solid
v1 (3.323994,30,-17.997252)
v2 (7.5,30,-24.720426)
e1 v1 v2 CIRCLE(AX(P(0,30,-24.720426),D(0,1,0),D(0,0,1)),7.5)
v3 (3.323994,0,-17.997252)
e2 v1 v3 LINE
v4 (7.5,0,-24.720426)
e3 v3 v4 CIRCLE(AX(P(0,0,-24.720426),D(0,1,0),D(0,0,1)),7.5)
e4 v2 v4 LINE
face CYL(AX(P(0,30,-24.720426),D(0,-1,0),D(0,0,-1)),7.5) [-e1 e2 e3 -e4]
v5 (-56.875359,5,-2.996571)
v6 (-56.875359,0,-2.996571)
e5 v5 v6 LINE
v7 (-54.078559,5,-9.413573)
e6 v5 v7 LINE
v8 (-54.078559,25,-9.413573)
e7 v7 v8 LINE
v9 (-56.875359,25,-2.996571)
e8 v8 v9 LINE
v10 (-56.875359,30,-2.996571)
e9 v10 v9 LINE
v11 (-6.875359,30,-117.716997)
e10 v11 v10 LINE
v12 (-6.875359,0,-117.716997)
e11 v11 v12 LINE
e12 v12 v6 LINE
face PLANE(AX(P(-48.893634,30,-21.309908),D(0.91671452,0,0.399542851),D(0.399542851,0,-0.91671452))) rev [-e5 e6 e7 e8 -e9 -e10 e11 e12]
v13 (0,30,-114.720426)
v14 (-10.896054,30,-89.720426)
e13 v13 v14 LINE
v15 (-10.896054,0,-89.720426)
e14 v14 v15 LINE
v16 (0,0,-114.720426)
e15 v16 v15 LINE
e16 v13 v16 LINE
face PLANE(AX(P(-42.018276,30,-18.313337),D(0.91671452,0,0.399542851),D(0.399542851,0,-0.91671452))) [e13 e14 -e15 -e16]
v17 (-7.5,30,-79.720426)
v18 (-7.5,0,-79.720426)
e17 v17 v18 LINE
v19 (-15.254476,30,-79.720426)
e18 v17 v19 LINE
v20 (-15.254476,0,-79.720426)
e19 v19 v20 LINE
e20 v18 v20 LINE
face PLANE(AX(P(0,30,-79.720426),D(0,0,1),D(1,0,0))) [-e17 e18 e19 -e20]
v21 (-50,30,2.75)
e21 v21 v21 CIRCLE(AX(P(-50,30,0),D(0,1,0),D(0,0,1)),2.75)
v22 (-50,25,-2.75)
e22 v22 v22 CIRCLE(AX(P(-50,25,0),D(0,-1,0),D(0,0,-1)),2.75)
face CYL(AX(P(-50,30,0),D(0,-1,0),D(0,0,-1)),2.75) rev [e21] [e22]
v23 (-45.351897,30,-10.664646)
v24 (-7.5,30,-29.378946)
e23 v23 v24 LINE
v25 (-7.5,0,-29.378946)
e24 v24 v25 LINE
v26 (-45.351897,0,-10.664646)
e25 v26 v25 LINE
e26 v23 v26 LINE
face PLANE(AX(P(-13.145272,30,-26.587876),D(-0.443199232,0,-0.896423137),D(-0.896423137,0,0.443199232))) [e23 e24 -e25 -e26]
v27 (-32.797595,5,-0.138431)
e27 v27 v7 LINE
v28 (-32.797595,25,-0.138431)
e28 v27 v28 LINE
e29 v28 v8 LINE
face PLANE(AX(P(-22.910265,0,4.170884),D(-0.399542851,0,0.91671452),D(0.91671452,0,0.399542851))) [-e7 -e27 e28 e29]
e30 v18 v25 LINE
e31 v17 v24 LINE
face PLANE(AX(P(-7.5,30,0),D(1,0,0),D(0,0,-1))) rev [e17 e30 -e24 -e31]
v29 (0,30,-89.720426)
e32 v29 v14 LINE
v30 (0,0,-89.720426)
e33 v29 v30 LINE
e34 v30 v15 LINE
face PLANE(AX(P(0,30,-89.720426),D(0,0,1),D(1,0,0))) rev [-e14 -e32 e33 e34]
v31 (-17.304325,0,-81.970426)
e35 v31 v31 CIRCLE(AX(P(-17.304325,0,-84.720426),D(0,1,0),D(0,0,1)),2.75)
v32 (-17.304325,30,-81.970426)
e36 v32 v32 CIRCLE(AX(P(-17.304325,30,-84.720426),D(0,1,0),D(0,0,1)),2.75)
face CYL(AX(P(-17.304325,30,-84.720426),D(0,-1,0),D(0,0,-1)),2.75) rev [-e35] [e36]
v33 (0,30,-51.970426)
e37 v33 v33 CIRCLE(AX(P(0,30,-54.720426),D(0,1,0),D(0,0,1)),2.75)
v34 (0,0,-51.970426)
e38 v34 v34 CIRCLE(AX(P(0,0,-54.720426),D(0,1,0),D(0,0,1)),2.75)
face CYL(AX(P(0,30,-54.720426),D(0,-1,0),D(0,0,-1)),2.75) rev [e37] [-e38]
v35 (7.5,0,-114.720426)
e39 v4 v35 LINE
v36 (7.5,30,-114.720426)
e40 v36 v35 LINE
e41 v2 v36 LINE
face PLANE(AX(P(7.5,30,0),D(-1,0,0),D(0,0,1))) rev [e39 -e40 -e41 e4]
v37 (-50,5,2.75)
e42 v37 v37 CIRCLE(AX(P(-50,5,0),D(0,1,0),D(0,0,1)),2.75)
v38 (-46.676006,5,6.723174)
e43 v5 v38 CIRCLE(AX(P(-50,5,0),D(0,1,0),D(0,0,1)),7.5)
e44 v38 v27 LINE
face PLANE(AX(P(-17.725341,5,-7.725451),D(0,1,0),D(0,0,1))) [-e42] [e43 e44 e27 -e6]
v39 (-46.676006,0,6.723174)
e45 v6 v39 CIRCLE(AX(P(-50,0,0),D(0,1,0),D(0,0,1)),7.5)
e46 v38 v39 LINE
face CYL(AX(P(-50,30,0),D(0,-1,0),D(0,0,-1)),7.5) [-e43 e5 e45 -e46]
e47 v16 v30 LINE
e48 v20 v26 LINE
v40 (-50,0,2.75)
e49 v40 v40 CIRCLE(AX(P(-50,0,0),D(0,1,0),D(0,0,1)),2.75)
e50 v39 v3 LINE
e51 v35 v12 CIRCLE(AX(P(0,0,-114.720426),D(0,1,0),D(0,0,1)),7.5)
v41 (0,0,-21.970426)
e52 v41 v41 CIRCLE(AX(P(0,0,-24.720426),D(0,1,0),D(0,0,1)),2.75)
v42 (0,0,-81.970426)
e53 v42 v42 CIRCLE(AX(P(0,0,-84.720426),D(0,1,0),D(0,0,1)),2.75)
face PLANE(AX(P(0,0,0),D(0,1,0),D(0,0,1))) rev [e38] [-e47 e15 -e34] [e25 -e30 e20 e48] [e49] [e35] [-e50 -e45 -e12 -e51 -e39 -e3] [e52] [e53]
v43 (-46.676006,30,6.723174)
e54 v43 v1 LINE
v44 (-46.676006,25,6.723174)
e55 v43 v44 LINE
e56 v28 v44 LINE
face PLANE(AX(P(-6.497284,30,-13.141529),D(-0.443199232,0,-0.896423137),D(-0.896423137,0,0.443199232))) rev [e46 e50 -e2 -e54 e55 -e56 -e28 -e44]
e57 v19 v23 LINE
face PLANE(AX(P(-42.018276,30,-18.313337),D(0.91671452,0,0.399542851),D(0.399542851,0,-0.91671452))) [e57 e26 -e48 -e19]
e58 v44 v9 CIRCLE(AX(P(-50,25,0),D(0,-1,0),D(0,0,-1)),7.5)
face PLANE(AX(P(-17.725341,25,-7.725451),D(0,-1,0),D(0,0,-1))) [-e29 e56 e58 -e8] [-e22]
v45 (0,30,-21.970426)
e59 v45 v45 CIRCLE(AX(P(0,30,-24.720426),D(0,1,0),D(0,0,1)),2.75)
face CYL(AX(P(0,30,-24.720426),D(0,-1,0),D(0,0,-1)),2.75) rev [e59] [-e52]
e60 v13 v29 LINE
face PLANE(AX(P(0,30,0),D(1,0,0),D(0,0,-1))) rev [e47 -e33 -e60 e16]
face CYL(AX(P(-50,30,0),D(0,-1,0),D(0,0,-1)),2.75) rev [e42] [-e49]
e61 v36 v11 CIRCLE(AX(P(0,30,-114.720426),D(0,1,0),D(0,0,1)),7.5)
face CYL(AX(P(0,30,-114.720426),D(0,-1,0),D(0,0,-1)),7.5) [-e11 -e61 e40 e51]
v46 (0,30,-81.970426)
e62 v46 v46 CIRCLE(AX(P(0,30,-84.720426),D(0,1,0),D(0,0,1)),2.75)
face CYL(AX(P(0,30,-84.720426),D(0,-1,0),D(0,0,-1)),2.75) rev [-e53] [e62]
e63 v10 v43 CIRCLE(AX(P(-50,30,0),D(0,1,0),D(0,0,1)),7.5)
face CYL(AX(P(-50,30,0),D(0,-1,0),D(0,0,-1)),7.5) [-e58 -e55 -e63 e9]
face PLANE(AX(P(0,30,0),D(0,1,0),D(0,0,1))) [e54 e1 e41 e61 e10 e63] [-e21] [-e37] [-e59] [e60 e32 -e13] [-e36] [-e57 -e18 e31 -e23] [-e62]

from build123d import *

# Parameters (mm, degrees)
SKETCH1_R           = 2.75
BOSS_EXTRUDE1_DEPTH = 30
SKETCH4_W           = 7
SKETCH4_H           = 20
SKETCH4_W_2         = 13.969977059
CUT_EXTRUDE2_DEPTH  = 34


with BuildPart() as part:
    # Sketch1 → Boss-Extrude1 (new body)
    with BuildSketch(Plane(origin=(0, 0, 0), x_dir=(1, 0, 0), z_dir=(0, 1, 0))):
        with BuildLine():
            Line((-46.676005757, -6.723173527), (3.323994243, 17.99725225))
            ThreePointArc((3.323994243, 17.99725225), (6.37102648, 20.763151262), (7.5, 24.720425777))
            Line((7.5, 24.720425777), (7.5, 114.720425777))
            ThreePointArc((7.5, 114.720425777), (1.53049147, 122.062605008), (-6.875358896, 117.716997159))
            Line((-6.875358896, 117.716997159), (-56.875358896, 2.996571382))
            ThreePointArc((-56.875358896, 2.996571382), (-55.174109392, -5.429419122), (-46.676005757, -6.723173527))
        make_face()
        with Locations((-50, 0)):
            Circle(SKETCH1_R, mode=Mode.SUBTRACT)
        Polygon((-7.5, 29.378946496), (-45.351897452, 10.664646067), (-15.254476159, 79.720425777), (-7.5, 79.720425777), align=None, mode=Mode.SUBTRACT)
        with Locations((0, 54.720425777)):
            Circle(SKETCH1_R, mode=Mode.SUBTRACT)
        with Locations((-17.304325397, 84.720425777)):
            Circle(SKETCH1_R, mode=Mode.SUBTRACT)
        with Locations((0, 84.720425777)):
            Circle(SKETCH1_R, mode=Mode.SUBTRACT)
        Polygon((-10.8960544, 89.720425777), (0, 114.720425777), (0, 89.720425777), align=None, mode=Mode.SUBTRACT)
        with Locations((0, 24.720425777)):
            Circle(SKETCH1_R, mode=Mode.SUBTRACT)
    extrude(amount=BOSS_EXTRUDE1_DEPTH)

    # Sketch4 → Cut-Extrude2 (cut)
    with BuildSketch(Plane(origin=(-48.89363441, 0, -21.309908013), x_dir=(-0.399542851, 0, 0.91671452), z_dir=(-0.91671452, 0, -0.399542851))):
        with Locations((16.477142547, 15)):
            Rectangle(SKETCH4_W, SKETCH4_H)
        with Locations((26.962131077, 15)):
            Rectangle(SKETCH4_W_2, SKETCH4_H)
    extrude(amount=-CUT_EXTRUDE2_DEPTH, mode=Mode.SUBTRACT)


solid = part.part
